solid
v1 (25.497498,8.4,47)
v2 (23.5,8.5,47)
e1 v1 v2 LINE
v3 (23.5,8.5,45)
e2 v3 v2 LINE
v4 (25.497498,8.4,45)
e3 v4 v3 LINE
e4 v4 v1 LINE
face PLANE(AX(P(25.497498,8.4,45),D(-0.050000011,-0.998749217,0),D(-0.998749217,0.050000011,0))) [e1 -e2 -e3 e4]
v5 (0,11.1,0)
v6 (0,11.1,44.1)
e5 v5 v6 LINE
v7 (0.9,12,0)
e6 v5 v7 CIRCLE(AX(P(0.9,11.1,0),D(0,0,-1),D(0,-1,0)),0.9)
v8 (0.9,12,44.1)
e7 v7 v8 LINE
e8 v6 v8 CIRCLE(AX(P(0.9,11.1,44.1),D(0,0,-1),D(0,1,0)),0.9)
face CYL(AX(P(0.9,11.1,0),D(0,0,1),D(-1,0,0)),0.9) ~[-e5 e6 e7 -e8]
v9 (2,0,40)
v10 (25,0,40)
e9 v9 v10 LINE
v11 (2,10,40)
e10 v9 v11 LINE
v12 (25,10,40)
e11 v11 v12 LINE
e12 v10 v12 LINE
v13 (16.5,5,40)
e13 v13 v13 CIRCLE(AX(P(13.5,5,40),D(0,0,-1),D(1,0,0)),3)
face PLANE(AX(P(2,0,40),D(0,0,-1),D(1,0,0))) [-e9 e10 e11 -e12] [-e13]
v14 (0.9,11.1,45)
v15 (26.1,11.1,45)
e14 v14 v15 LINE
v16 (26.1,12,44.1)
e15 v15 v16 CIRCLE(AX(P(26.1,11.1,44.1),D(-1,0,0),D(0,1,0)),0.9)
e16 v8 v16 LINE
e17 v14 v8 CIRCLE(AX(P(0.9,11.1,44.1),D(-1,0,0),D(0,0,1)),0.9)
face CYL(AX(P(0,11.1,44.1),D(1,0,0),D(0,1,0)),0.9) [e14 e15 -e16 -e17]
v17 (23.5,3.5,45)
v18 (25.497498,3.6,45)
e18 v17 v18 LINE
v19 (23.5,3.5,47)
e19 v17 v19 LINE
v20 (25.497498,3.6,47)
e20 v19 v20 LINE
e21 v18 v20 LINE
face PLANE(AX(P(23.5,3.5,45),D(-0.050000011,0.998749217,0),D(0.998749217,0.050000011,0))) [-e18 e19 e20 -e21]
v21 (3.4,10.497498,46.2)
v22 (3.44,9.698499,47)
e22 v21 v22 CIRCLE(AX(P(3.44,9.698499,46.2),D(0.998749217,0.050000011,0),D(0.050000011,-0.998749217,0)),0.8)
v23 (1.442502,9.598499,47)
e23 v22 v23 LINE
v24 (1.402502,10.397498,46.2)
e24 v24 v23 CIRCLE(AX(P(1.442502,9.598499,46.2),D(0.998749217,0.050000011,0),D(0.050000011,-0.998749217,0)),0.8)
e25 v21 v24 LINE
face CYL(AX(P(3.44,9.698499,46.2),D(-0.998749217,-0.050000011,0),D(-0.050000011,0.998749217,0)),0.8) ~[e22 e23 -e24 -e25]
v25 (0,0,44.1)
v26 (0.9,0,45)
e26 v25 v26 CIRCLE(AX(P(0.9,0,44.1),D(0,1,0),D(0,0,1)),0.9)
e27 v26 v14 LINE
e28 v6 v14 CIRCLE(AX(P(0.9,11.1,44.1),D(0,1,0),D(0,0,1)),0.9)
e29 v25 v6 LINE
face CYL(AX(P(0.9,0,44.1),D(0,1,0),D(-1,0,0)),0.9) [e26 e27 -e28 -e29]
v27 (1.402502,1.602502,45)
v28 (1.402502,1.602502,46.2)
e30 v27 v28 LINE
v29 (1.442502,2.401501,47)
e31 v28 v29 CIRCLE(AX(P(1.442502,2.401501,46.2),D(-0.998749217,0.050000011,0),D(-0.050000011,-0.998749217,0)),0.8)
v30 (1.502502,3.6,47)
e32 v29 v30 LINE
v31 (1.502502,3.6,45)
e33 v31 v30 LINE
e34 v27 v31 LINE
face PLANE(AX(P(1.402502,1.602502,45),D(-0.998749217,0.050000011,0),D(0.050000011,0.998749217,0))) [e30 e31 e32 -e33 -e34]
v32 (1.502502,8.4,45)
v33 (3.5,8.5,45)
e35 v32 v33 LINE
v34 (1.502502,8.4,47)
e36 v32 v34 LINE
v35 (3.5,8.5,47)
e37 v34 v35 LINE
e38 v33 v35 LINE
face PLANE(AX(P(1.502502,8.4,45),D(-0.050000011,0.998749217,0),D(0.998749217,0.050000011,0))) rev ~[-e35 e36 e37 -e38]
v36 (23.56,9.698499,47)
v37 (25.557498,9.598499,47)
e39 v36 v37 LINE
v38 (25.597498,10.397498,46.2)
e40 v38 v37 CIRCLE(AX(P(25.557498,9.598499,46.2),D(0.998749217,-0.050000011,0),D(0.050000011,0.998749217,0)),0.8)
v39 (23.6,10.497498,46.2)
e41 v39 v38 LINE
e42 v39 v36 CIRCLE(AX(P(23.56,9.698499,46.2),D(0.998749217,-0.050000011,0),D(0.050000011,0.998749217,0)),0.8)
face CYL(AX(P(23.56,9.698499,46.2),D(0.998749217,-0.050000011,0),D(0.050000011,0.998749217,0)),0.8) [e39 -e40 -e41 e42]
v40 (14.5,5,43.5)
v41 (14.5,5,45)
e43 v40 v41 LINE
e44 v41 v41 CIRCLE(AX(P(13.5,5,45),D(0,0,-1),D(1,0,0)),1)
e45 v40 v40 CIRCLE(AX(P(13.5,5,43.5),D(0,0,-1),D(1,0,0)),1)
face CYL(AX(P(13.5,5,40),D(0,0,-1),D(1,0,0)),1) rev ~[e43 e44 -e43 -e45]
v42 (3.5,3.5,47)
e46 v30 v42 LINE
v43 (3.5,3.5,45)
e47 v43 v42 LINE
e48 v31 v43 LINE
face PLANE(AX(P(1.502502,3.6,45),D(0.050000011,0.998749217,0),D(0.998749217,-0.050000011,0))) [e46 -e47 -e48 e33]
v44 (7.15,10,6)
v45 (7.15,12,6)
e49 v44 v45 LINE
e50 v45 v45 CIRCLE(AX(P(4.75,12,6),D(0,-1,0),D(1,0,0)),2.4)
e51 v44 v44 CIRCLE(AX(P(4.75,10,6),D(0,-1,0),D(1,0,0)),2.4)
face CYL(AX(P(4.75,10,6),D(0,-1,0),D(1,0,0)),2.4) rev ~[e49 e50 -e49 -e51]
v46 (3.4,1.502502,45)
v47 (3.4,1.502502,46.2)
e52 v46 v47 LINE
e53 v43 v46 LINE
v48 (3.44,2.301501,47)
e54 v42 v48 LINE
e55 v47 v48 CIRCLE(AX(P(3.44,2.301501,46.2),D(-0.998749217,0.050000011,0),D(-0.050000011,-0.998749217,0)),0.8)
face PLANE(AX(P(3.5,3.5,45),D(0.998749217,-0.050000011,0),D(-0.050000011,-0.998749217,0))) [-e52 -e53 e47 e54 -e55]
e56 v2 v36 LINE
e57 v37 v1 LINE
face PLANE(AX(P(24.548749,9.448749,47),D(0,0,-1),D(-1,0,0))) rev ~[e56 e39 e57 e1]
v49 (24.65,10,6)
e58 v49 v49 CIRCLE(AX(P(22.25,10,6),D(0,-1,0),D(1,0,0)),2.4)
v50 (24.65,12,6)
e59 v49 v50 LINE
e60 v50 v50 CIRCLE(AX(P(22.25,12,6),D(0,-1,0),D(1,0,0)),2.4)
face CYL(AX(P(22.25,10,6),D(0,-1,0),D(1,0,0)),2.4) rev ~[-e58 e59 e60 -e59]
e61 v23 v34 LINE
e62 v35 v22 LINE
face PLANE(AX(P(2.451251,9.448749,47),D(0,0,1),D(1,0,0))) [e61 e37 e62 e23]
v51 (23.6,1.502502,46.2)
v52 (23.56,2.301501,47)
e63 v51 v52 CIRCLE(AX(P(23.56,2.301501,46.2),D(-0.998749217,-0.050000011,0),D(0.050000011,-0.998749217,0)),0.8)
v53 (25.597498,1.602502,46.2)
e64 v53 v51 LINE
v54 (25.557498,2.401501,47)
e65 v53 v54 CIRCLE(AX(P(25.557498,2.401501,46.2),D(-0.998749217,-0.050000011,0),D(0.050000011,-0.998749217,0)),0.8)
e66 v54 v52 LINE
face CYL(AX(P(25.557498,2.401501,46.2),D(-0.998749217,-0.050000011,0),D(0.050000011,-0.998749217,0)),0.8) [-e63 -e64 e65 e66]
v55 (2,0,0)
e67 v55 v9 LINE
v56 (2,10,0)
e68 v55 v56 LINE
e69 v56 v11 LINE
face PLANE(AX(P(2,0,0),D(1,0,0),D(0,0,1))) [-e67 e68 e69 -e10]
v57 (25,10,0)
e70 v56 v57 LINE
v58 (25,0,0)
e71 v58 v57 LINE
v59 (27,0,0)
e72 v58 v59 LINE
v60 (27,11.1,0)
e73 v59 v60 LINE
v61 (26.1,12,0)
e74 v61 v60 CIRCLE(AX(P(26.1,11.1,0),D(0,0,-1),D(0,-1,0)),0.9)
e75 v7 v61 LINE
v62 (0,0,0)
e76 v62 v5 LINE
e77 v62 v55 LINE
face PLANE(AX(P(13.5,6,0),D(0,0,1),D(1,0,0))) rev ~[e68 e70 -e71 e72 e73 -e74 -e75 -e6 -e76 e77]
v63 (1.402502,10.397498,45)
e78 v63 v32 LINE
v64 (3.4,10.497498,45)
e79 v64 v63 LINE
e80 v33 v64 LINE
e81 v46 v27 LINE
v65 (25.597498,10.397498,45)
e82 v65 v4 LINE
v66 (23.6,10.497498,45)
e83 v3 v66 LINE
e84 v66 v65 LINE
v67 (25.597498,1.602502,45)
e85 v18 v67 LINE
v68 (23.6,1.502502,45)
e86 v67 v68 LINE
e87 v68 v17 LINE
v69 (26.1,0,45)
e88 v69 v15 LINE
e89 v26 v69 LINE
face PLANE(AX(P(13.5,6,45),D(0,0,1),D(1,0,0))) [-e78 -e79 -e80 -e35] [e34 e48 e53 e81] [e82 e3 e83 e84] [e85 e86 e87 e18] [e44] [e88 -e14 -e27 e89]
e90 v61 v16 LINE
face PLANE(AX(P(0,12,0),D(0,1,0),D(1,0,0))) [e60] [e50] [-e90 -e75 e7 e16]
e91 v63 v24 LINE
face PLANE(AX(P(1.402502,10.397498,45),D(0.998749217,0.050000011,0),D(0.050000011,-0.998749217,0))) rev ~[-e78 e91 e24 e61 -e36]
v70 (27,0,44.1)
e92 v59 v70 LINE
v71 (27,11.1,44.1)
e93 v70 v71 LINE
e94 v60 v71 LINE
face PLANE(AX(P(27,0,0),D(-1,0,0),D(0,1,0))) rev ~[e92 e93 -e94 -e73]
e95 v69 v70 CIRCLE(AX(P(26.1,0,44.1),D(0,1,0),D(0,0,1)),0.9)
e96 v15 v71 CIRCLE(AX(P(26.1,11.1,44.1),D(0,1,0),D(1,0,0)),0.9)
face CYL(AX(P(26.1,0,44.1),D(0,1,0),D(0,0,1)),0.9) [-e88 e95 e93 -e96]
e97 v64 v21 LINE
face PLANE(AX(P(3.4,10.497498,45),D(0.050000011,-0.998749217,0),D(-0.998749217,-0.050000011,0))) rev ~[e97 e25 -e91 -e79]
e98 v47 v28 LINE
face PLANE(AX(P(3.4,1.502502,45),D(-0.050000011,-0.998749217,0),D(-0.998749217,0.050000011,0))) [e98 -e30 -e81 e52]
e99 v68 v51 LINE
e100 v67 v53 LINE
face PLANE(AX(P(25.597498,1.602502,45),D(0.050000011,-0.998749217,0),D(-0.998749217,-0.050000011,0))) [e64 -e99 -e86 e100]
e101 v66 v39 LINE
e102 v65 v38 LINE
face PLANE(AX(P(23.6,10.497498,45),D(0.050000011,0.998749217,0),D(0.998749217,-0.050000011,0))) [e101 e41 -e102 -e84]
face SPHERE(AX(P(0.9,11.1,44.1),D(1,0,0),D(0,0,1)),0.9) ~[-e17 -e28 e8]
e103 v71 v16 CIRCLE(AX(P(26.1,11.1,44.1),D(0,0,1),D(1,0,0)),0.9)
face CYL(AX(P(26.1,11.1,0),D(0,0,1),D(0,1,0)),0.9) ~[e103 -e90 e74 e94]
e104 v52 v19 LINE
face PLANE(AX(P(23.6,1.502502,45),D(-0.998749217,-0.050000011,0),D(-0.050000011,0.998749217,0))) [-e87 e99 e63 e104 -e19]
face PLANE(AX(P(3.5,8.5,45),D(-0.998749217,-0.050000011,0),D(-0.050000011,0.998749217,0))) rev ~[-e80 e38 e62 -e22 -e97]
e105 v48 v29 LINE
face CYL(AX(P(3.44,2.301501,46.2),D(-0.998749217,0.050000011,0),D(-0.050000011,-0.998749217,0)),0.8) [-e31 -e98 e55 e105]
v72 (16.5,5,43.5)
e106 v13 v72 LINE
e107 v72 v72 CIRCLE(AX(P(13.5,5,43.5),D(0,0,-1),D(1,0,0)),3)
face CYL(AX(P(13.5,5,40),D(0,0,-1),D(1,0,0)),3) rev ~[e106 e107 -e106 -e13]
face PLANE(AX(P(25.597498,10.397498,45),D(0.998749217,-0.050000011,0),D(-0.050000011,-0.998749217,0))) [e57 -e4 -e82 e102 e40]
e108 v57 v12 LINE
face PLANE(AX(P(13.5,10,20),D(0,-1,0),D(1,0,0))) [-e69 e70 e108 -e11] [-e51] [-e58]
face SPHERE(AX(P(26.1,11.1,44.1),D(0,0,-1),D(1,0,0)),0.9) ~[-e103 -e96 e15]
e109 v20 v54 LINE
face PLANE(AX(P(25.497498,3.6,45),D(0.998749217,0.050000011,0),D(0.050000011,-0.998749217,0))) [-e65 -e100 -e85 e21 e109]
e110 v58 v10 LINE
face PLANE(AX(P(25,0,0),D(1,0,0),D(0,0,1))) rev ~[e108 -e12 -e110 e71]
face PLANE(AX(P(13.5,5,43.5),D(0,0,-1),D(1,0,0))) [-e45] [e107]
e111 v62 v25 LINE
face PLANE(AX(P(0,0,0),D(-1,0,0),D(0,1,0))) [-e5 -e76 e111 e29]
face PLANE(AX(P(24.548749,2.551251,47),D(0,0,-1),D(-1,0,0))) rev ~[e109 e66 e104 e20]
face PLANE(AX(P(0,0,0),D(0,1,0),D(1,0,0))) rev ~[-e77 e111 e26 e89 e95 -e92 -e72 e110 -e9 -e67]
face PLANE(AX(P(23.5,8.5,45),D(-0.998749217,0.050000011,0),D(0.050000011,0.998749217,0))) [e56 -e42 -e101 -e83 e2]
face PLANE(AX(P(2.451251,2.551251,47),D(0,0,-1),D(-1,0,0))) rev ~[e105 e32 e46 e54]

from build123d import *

# Parameters (mm, degrees)
BOX_W           = 27
BOX_H           = 12
BOX_DEPTH       = 45
SKETCH_W        = 23
SKETCH_H        = 40
POCKET_DEPTH    = 10
SKETCH002_R     = 1
POCKET001_DEPTH = 5.001
SKETCH003_R     = 3
POCKET002_DEPTH = 3.5
SKETCH004_R     = 2.4
POCKET003_DEPTH = 2.001
PAD_DEPTH       = 2
FILLET_R        = 0.9
FILLET001_R     = 0.8


with BuildPart() as part:
    # Box → Box (new body)
    with BuildSketch(Plane.XY):
        with Locations((13.5, 6)):
            Rectangle(BOX_W, BOX_H)
    extrude(amount=BOX_DEPTH)

    # Sketch (on Face3 of BaseFeature) → Pocket (cut)
    with BuildSketch(Plane.XZ):
        with Locations((13.5, 20)):
            Rectangle(SKETCH_W, SKETCH_H)
    extrude(amount=-POCKET_DEPTH, mode=Mode.SUBTRACT)

    # Sketch002 (on Face7 of Pocket) → Pocket001 (cut, through all)
    with BuildSketch(Plane(origin=(0, 0, 40), x_dir=(1, 0, 0), z_dir=(0, 0, -1))):
        with Locations((13.5, -5)):
            Circle(SKETCH002_R)
    extrude(amount=-POCKET001_DEPTH, mode=Mode.SUBTRACT)

    # Sketch003 (on Face7 of Pocket001) → Pocket002 (cut)
    with BuildSketch(Plane(origin=(0, 0, 40), x_dir=(1, 0, 0), z_dir=(0, 0, -1))):
        with Locations((13.5, -5)):
            Circle(SKETCH003_R)
    extrude(amount=-POCKET002_DEPTH, mode=Mode.SUBTRACT)

    # Sketch004 (on Face11 of Pocket002) → Pocket003 (cut, through all)
    with BuildSketch(Plane.XZ.offset(-10)):
        with Locations((4.75, 6)):
            Circle(SKETCH004_R)
        with Locations((22.25, 6)):
            Circle(SKETCH004_R)
    extrude(amount=-POCKET003_DEPTH, mode=Mode.SUBTRACT)

    # Sketch006 (on Face3 of Pocket003) → Pad (join)
    with BuildSketch(Plane.XY.offset(45)):
        Polygon((3.4, 10.497498), (1.402502, 10.397498), (1.502502, 8.4), (3.5, 8.5), align=None)
        Polygon((1.502502, 3.6), (3.5, 3.5), (3.4, 1.502502), (1.402502, 1.602502), align=None)
        Polygon((23.5, 3.5), (25.497498, 3.6), (25.597498, 1.602502), (23.6, 1.502502), align=None)
        Polygon((23.6, 10.497498), (25.597498, 10.397498), (25.497498, 8.4), (23.5, 8.5), align=None)
    extrude(amount=PAD_DEPTH)

    # Fillet
    fillet_edges = [part.edges().sort_by_distance(p)[0] for p in [
        (27, 12, 22.5),
        (27, 6, 45),
        (13.5, 12, 45),
        (0, 6, 45),
        (0, 12, 22.5),
    ]]
    fillet(fillet_edges, radius=FILLET_R)

    # Fillet001
    fillet001_edges = [part.edges().sort_by_distance(p)[0] for p in [
        (2.401251, 1.552502, 47),
        (2.401251, 10.447498, 47),
        (24.598749, 10.447498, 47),
        (24.598749, 1.552502, 47),
    ]]
    fillet(fillet001_edges, radius=FILLET001_R)


solid = part.part
